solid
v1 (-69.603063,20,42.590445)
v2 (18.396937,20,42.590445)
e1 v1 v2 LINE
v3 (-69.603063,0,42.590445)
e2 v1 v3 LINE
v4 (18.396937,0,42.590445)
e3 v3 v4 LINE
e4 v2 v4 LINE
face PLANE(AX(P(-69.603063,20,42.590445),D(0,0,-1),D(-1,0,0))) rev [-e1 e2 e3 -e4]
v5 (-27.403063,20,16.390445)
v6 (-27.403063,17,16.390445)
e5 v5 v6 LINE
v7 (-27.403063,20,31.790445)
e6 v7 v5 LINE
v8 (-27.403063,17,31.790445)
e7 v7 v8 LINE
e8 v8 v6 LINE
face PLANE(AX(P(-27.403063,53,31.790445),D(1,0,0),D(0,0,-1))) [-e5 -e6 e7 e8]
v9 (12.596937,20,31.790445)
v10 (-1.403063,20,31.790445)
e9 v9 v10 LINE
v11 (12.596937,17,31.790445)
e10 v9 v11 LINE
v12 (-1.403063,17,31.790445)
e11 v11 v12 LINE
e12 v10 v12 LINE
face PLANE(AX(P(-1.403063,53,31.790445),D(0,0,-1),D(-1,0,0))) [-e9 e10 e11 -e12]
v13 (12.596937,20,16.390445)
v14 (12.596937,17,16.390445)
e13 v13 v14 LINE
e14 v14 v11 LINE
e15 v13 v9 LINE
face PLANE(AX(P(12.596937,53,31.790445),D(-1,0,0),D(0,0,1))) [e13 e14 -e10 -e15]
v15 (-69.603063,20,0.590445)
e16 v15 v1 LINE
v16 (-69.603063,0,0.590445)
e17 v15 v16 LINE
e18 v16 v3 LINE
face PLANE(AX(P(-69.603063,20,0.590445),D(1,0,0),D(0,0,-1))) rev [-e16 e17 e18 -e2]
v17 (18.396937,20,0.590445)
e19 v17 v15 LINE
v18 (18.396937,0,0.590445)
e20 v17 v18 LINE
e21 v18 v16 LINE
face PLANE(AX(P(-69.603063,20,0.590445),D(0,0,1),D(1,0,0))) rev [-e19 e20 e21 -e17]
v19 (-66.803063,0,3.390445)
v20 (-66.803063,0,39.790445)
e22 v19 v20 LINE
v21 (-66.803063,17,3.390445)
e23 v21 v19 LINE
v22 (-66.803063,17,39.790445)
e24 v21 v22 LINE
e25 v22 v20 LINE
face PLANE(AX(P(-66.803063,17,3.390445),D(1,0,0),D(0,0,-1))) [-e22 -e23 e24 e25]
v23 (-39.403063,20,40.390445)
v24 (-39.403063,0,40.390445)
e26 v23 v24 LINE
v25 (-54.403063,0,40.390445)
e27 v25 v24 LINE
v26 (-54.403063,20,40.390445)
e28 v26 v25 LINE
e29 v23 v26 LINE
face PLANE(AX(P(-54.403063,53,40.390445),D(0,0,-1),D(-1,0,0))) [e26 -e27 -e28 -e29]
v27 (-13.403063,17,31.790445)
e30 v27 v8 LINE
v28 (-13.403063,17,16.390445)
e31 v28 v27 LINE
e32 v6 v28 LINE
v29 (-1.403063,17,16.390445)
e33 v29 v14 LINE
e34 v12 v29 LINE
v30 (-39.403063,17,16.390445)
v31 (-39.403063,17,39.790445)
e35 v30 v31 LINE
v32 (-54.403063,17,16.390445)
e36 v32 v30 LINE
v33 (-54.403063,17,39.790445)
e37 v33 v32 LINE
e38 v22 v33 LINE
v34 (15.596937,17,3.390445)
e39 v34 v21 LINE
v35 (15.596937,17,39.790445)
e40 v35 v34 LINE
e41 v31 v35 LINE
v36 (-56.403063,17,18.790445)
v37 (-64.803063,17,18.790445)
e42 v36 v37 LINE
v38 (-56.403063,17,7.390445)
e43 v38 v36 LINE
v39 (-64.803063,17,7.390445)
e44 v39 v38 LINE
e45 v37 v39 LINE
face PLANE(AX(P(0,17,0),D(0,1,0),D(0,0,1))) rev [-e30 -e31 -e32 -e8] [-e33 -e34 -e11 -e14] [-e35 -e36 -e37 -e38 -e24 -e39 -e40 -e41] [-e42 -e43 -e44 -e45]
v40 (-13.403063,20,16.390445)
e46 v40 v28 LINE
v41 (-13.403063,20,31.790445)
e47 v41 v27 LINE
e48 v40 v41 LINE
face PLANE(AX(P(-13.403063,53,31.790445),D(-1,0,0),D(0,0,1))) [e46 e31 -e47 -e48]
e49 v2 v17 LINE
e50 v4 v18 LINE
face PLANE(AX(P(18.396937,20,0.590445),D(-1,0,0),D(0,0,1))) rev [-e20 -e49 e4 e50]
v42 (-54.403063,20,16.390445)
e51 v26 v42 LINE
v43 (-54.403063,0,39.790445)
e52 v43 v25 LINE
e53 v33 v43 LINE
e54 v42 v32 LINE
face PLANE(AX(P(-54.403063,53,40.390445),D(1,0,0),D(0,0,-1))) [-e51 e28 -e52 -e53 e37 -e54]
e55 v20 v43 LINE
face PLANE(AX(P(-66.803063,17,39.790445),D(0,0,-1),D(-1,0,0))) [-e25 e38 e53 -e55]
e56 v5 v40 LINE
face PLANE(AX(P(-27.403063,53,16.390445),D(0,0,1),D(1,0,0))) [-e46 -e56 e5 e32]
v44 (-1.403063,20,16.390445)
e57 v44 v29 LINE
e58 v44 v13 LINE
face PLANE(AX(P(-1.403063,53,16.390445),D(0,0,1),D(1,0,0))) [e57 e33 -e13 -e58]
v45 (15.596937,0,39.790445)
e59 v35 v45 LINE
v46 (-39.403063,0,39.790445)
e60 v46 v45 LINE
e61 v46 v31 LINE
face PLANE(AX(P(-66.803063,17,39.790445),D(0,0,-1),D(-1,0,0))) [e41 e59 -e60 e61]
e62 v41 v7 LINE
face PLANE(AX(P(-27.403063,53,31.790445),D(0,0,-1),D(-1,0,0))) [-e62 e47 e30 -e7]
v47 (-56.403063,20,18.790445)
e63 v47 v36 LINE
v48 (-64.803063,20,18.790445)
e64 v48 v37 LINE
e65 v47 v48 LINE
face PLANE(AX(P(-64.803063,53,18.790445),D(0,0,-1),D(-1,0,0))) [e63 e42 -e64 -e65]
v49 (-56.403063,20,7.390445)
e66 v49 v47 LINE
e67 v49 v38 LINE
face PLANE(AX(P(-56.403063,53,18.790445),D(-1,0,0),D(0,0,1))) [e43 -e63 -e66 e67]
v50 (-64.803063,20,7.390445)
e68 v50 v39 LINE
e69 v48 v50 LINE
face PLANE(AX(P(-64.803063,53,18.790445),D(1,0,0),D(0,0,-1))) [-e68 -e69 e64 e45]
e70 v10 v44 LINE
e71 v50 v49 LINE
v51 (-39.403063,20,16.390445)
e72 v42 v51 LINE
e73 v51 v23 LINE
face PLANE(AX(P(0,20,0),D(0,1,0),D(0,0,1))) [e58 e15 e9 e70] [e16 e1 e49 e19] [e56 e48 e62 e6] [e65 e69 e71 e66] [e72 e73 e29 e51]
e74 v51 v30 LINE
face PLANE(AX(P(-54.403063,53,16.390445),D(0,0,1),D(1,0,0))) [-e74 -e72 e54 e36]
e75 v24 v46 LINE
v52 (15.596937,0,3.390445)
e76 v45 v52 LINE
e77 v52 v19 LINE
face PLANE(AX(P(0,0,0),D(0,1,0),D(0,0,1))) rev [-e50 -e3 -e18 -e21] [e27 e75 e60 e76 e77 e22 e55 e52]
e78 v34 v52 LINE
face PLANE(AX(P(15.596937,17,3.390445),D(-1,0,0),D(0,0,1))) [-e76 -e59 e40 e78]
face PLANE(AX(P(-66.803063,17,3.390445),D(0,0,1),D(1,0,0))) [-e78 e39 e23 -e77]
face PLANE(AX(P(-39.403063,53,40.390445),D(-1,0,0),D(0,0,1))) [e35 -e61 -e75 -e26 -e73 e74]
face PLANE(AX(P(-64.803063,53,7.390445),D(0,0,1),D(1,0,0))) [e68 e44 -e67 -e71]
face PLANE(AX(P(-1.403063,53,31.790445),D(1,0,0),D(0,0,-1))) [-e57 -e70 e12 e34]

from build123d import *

# Parameters (mm, degrees)
ESQUISSE1_W             = 88
ESQUISSE1_H             = 42
BOSS_EXTRU_1_DEPTH      = 20
ESQUISSE2_W             = 82.4
ESQUISSE2_H             = 36.4
ENL_V_MAT_EXTRU_1_DEPTH = 17
ESQUISSE3_W             = 14
ESQUISSE3_H             = 15.4
ESQUISSE3_W_2           = 15
ESQUISSE3_H_2           = 24
ESQUISSE3_W_3           = 8.4
ESQUISSE3_H_3           = 11.4
ENL_V_MAT_EXTRU_3_DEPTH = 53


with BuildPart() as part:
    # Esquisse1 → Boss.-Extru.1 (new body)
    with BuildSketch(Plane(origin=(0, 0, 0), x_dir=(1, 0, 0), z_dir=(0, 1, 0))):
        with Locations((-25.603062664, -21.590445487)):
            Rectangle(ESQUISSE1_W, ESQUISSE1_H)
    extrude(amount=BOSS_EXTRU_1_DEPTH)

    # Esquisse2 → Enlèv. mat.-Extru.1 (cut)
    with BuildSketch(Plane(origin=(0, 0, 0), x_dir=(1, 0, 0), z_dir=(0, 1, 0))):
        with Locations((-25.603062664, -21.590445487)):
            Rectangle(ESQUISSE2_W, ESQUISSE2_H)
    extrude(amount=ENL_V_MAT_EXTRU_1_DEPTH, mode=Mode.SUBTRACT)

    # Esquisse3 → Enlèv. mat.-Extru.3 (cut)
    with BuildSketch(Plane(origin=(0, 0, 0), x_dir=(1, 0, 0), z_dir=(0, 1, 0))):
        with Locations((5.596937336, -24.090445487)):
            Rectangle(ESQUISSE3_W, ESQUISSE3_H)
        with Locations((-20.403062664, -24.090445487)):
            Rectangle(ESQUISSE3_W, ESQUISSE3_H)
        with Locations((-46.903062664, -28.390445487)):
            Rectangle(ESQUISSE3_W_2, ESQUISSE3_H_2)
        with Locations((-60.603062664, -13.090445487)):
            Rectangle(ESQUISSE3_W_3, ESQUISSE3_H_3)
    extrude(amount=ENL_V_MAT_EXTRU_3_DEPTH, mode=Mode.SUBTRACT)


solid = part.part
